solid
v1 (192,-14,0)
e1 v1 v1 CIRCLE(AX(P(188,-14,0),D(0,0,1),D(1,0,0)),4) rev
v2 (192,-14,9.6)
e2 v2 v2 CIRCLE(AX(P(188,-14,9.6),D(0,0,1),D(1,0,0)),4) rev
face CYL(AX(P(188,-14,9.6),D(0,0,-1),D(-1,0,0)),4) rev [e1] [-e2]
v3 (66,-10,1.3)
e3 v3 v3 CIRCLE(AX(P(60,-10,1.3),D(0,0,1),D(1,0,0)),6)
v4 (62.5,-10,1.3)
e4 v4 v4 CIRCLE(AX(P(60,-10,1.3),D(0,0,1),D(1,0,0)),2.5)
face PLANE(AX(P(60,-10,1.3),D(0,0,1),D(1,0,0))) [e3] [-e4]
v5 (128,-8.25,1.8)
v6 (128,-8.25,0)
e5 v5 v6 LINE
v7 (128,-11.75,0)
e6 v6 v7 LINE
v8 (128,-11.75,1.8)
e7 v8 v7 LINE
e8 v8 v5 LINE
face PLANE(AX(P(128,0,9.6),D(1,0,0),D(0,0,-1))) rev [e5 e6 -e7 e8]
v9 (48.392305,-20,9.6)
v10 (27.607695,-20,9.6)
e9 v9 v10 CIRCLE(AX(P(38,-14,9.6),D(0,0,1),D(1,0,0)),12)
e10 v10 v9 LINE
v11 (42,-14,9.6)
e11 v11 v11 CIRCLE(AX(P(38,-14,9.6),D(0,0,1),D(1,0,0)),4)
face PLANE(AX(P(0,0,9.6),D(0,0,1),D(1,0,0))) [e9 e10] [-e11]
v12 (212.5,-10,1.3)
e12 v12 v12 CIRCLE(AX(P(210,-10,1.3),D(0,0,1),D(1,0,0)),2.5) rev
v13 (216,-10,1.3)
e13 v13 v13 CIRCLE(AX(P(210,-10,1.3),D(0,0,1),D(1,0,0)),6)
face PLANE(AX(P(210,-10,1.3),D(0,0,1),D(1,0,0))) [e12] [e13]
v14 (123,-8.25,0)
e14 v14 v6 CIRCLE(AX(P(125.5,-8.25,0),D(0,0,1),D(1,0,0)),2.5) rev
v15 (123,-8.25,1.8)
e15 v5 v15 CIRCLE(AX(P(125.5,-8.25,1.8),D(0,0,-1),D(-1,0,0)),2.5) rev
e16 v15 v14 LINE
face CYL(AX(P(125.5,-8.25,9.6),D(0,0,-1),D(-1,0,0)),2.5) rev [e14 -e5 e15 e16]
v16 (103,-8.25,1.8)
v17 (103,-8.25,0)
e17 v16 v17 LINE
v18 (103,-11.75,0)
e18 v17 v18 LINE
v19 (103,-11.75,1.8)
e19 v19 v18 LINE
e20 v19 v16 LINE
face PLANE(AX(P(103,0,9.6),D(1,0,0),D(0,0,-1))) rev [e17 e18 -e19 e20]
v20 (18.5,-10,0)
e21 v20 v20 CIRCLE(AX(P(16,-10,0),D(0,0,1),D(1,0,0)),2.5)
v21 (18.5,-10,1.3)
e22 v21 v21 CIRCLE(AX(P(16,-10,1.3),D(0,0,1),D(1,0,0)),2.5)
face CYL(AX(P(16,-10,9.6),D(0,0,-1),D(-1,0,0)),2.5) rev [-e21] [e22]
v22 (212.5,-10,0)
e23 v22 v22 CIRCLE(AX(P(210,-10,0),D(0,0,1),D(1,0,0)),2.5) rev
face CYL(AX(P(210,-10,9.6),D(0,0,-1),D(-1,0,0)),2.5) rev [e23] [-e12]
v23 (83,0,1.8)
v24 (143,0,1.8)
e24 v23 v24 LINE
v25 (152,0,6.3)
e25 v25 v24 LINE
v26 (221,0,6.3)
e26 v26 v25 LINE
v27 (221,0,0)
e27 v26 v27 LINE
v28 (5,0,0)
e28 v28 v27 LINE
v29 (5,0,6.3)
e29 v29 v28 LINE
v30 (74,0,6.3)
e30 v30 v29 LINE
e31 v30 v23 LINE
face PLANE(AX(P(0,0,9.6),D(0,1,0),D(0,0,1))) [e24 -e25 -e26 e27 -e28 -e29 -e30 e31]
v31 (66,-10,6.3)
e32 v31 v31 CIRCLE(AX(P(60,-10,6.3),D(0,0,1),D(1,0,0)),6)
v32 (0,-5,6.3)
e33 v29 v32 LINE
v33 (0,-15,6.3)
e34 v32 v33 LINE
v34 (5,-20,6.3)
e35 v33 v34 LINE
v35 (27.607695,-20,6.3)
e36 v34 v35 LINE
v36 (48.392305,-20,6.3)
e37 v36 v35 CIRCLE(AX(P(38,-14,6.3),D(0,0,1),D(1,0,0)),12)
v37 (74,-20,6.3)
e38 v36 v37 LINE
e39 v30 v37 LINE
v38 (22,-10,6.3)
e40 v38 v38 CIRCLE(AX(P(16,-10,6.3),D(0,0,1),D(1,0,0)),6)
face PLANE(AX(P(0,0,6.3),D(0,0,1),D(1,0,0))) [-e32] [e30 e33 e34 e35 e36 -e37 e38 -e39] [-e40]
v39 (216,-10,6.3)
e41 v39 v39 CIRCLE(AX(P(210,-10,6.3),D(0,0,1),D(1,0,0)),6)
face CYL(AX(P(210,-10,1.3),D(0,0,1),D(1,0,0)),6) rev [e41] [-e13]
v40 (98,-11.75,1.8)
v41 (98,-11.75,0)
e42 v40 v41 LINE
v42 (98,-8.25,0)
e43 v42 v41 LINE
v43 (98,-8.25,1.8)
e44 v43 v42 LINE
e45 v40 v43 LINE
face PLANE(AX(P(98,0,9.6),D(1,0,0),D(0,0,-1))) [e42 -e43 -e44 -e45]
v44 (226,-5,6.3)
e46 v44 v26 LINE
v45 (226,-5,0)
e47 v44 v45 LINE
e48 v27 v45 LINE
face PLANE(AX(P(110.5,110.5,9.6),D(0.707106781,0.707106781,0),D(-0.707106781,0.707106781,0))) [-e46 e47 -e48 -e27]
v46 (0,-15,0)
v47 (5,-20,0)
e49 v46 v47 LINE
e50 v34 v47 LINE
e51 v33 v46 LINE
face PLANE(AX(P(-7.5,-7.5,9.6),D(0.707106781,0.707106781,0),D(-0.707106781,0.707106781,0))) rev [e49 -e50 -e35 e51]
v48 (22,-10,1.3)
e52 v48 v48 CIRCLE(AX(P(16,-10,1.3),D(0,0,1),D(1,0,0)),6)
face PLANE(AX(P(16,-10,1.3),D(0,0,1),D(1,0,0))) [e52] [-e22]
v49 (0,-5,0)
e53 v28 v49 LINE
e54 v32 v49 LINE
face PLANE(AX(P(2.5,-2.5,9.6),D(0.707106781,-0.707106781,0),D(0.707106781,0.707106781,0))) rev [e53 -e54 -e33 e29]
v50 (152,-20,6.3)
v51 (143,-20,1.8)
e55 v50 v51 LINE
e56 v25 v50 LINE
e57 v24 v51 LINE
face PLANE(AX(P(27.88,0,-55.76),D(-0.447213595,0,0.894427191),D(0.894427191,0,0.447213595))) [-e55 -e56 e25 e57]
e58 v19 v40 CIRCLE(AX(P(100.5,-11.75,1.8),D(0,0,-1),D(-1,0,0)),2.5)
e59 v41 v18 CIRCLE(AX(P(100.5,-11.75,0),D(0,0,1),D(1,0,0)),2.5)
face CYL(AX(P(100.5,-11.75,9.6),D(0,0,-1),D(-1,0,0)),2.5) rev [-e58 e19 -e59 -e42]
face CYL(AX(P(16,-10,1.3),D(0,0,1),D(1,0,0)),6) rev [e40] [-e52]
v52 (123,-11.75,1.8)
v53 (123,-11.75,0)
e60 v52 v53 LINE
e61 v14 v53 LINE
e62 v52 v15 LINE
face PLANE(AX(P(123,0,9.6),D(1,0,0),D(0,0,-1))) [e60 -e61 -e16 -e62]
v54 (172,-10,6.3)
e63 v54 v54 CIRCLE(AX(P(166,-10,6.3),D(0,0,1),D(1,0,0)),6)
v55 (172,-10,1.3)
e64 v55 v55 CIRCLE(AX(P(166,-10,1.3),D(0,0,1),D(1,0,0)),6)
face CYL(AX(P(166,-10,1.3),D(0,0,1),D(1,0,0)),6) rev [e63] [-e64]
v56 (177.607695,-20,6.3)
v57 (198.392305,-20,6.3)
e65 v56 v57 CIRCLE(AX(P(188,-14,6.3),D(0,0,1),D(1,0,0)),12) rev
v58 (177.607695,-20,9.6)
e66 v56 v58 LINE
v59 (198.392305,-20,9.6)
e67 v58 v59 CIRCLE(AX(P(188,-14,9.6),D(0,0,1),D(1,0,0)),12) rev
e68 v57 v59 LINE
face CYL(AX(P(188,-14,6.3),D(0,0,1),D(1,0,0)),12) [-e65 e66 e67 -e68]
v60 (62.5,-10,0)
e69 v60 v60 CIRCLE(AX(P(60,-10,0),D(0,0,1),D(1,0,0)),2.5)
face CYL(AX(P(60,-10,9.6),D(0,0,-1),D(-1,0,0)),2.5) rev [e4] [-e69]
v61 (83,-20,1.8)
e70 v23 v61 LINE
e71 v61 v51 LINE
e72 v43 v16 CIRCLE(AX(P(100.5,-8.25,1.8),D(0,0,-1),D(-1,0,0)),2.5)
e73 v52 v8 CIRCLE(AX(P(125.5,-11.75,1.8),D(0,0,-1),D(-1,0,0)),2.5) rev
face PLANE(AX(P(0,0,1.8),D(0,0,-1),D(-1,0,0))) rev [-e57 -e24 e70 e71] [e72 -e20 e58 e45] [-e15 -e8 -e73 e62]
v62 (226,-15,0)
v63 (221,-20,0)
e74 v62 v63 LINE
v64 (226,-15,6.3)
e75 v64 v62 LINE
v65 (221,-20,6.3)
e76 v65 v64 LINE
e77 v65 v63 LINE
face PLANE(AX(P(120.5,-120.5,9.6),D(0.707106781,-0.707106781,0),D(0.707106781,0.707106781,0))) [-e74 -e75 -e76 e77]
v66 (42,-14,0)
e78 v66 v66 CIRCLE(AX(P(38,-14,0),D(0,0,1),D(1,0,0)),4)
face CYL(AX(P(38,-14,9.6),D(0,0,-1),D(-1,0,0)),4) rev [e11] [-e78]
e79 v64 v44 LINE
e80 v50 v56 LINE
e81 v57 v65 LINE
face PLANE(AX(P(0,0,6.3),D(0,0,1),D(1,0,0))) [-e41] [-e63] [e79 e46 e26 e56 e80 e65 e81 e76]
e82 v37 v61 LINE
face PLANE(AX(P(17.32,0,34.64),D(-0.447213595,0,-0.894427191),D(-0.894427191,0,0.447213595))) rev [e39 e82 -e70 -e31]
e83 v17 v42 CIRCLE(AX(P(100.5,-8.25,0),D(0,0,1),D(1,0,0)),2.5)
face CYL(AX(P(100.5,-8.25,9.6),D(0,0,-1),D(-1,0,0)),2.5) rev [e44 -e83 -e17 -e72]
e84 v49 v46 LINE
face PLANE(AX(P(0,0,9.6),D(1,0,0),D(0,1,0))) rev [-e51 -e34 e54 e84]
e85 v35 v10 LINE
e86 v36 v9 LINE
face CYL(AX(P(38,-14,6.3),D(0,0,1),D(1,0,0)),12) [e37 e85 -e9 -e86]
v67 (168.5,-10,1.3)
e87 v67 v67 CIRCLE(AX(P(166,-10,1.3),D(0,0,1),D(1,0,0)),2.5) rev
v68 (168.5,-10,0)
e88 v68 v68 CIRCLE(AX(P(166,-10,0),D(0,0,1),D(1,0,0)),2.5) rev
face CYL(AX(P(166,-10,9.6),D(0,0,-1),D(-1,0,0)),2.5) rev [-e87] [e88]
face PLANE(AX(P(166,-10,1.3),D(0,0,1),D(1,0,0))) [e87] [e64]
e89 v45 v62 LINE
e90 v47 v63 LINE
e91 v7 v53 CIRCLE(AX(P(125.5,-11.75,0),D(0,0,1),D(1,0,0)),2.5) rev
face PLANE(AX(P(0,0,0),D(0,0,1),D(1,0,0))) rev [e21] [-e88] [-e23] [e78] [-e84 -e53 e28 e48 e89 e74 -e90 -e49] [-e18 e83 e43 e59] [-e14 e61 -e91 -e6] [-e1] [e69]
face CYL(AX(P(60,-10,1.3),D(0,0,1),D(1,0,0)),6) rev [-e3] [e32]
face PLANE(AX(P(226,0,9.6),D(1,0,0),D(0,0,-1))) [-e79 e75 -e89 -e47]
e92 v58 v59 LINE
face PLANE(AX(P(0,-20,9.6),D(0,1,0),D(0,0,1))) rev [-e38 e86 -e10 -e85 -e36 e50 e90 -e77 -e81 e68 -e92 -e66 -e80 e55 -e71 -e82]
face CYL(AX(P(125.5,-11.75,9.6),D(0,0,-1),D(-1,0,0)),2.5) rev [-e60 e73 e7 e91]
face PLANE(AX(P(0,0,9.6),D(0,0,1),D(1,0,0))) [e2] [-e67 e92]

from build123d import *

# Parameters (mm, degrees)
SKETCH1_R           = 4
SKETCH1_R_2         = 2.5
BOSS_EXTRUDE1_DEPTH = 9.6
CUT_EXTRUDE1_START  = -3.3
SKETCH2_R           = 2.5
CUT_EXTRUDE1_DEPTH  = 3.3
CUT_EXTRUDE2_DEPTH  = 228.086239125
SKETCH5_R           = 6
CUT_EXTRUDE3_DEPTH  = 5


with BuildPart() as part:
    # Sketch1 → Boss-Extrude1 (new body)
    with BuildSketch(Plane.XY):
        Polygon((221, 0), (5, 0), (0, -5), (0, -15), (5, -20), (221, -20), (226, -15), (226, -5), align=None)
        with Locations((38, -14)):
            Circle(SKETCH1_R, mode=Mode.SUBTRACT)
        with Locations((188, -14)):
            Circle(SKETCH1_R, mode=Mode.SUBTRACT)
        with Locations((16, -10)):
            Circle(SKETCH1_R_2, mode=Mode.SUBTRACT)
        with Locations((60, -10)):
            Circle(SKETCH1_R_2, mode=Mode.SUBTRACT)
        with BuildLine():
            ThreePointArc((98, -8.25), (100.5, -5.75), (103, -8.25))
            Line((103, -8.25), (103, -11.75))
            ThreePointArc((103, -11.75), (100.5, -14.25), (98, -11.75))
            Line((98, -11.75), (98, -8.25))
        make_face(mode=Mode.SUBTRACT)
        with BuildLine():
            Line((128, -8.25), (128, -11.75))
            ThreePointArc((128, -11.75), (125.5, -14.25), (123, -11.75))
            Line((123, -11.75), (123, -8.25))
            ThreePointArc((123, -8.25), (125.5, -5.75), (128, -8.25))
        make_face(mode=Mode.SUBTRACT)
        with Locations((166, -10)):
            Circle(SKETCH1_R_2, mode=Mode.SUBTRACT)
        with Locations((210, -10)):
            Circle(SKETCH1_R_2, mode=Mode.SUBTRACT)
    extrude(amount=BOSS_EXTRUDE1_DEPTH)

    # Sketch2 → Cut-Extrude1 (cut)
    # profile 1 of 2: a face of its own
    with BuildSketch(Plane.XY.offset(9.6).offset(CUT_EXTRUDE1_START)):
        with BuildLine():
            Line((48.392304845, -20), (113, -20))
            Line((113, -20), (113, 0))
            Line((113, 0), (5, 0))
            Line((5, 0), (0, -5))
            Line((0, -5), (0, -15))
            Line((0, -15), (5, -20))
            Line((5, -20), (27.607695155, -20))
            ThreePointArc((27.607695155, -20), (34.894171459, -2.408890085), (50, -14))
            ThreePointArc((50, -14), (49.591109915, -17.105828541), (48.392304845, -20))
        make_face()
        with Locations((16, -10)):
            Circle(SKETCH2_R, mode=Mode.SUBTRACT)
        with Locations((60, -10)):
            Circle(SKETCH2_R, mode=Mode.SUBTRACT)
        with BuildLine():
            Line((98, -11.75), (98, -8.25))
            ThreePointArc((98, -8.25), (100.5, -5.75), (103, -8.25))
            Line((103, -8.25), (103, -11.75))
            ThreePointArc((103, -11.75), (100.5, -14.25), (98, -11.75))
        make_face(mode=Mode.SUBTRACT)
    # profile 2 of 2: a face of its own
    with BuildSketch(Plane.XY.offset(9.6).offset(CUT_EXTRUDE1_START)):
        with BuildLine():
            Line((113, 0), (113, -20))
            Line((113, -20), (177.607695155, -20))
            ThreePointArc((177.607695155, -20), (184.894171459, -2.408890085), (200, -14))
            ThreePointArc((200, -14), (199.591109915, -17.105828541), (198.392304845, -20))
            Line((198.392304845, -20), (221, -20))
            Line((221, -20), (226, -15))
            Line((226, -15), (226, -5))
            Line((226, -5), (221, 0))
            Line((221, 0), (113, 0))
        make_face()
        with BuildLine():
            Line((123, -11.75), (123, -8.25))
            ThreePointArc((123, -8.25), (125.5, -5.75), (128, -8.25))
            Line((128, -8.25), (128, -11.75))
            ThreePointArc((128, -11.75), (125.5, -14.25), (123, -11.75))
        make_face(mode=Mode.SUBTRACT)
        with Locations((166, -10)):
            Circle(SKETCH2_R, mode=Mode.SUBTRACT)
        with Locations((210, -10)):
            Circle(SKETCH2_R, mode=Mode.SUBTRACT)
    extrude(amount=CUT_EXTRUDE1_DEPTH, mode=Mode.SUBTRACT)

    # Sketch4 → Cut-Extrude2 (cut, through all)
    with BuildSketch(Plane.XZ.offset(20)):
        Polygon((143, 1.8), (152, 6.3), (113, 6.3), (74, 6.3), (83, 1.8), align=None)
    extrude(amount=-CUT_EXTRUDE2_DEPTH, mode=Mode.SUBTRACT)

    # Sketch5 → Cut-Extrude3 (cut)
    with BuildSketch(Plane.XY.offset(6.3)):
        with Locations((16, -10)):
            Circle(SKETCH5_R)
        with Locations((60, -10)):
            Circle(SKETCH5_R)
        with Locations((166, -10)):
            Circle(SKETCH5_R)
        with Locations((210, -10)):
            Circle(SKETCH5_R)
    extrude(amount=-CUT_EXTRUDE3_DEPTH, mode=Mode.SUBTRACT)


solid = part.part
